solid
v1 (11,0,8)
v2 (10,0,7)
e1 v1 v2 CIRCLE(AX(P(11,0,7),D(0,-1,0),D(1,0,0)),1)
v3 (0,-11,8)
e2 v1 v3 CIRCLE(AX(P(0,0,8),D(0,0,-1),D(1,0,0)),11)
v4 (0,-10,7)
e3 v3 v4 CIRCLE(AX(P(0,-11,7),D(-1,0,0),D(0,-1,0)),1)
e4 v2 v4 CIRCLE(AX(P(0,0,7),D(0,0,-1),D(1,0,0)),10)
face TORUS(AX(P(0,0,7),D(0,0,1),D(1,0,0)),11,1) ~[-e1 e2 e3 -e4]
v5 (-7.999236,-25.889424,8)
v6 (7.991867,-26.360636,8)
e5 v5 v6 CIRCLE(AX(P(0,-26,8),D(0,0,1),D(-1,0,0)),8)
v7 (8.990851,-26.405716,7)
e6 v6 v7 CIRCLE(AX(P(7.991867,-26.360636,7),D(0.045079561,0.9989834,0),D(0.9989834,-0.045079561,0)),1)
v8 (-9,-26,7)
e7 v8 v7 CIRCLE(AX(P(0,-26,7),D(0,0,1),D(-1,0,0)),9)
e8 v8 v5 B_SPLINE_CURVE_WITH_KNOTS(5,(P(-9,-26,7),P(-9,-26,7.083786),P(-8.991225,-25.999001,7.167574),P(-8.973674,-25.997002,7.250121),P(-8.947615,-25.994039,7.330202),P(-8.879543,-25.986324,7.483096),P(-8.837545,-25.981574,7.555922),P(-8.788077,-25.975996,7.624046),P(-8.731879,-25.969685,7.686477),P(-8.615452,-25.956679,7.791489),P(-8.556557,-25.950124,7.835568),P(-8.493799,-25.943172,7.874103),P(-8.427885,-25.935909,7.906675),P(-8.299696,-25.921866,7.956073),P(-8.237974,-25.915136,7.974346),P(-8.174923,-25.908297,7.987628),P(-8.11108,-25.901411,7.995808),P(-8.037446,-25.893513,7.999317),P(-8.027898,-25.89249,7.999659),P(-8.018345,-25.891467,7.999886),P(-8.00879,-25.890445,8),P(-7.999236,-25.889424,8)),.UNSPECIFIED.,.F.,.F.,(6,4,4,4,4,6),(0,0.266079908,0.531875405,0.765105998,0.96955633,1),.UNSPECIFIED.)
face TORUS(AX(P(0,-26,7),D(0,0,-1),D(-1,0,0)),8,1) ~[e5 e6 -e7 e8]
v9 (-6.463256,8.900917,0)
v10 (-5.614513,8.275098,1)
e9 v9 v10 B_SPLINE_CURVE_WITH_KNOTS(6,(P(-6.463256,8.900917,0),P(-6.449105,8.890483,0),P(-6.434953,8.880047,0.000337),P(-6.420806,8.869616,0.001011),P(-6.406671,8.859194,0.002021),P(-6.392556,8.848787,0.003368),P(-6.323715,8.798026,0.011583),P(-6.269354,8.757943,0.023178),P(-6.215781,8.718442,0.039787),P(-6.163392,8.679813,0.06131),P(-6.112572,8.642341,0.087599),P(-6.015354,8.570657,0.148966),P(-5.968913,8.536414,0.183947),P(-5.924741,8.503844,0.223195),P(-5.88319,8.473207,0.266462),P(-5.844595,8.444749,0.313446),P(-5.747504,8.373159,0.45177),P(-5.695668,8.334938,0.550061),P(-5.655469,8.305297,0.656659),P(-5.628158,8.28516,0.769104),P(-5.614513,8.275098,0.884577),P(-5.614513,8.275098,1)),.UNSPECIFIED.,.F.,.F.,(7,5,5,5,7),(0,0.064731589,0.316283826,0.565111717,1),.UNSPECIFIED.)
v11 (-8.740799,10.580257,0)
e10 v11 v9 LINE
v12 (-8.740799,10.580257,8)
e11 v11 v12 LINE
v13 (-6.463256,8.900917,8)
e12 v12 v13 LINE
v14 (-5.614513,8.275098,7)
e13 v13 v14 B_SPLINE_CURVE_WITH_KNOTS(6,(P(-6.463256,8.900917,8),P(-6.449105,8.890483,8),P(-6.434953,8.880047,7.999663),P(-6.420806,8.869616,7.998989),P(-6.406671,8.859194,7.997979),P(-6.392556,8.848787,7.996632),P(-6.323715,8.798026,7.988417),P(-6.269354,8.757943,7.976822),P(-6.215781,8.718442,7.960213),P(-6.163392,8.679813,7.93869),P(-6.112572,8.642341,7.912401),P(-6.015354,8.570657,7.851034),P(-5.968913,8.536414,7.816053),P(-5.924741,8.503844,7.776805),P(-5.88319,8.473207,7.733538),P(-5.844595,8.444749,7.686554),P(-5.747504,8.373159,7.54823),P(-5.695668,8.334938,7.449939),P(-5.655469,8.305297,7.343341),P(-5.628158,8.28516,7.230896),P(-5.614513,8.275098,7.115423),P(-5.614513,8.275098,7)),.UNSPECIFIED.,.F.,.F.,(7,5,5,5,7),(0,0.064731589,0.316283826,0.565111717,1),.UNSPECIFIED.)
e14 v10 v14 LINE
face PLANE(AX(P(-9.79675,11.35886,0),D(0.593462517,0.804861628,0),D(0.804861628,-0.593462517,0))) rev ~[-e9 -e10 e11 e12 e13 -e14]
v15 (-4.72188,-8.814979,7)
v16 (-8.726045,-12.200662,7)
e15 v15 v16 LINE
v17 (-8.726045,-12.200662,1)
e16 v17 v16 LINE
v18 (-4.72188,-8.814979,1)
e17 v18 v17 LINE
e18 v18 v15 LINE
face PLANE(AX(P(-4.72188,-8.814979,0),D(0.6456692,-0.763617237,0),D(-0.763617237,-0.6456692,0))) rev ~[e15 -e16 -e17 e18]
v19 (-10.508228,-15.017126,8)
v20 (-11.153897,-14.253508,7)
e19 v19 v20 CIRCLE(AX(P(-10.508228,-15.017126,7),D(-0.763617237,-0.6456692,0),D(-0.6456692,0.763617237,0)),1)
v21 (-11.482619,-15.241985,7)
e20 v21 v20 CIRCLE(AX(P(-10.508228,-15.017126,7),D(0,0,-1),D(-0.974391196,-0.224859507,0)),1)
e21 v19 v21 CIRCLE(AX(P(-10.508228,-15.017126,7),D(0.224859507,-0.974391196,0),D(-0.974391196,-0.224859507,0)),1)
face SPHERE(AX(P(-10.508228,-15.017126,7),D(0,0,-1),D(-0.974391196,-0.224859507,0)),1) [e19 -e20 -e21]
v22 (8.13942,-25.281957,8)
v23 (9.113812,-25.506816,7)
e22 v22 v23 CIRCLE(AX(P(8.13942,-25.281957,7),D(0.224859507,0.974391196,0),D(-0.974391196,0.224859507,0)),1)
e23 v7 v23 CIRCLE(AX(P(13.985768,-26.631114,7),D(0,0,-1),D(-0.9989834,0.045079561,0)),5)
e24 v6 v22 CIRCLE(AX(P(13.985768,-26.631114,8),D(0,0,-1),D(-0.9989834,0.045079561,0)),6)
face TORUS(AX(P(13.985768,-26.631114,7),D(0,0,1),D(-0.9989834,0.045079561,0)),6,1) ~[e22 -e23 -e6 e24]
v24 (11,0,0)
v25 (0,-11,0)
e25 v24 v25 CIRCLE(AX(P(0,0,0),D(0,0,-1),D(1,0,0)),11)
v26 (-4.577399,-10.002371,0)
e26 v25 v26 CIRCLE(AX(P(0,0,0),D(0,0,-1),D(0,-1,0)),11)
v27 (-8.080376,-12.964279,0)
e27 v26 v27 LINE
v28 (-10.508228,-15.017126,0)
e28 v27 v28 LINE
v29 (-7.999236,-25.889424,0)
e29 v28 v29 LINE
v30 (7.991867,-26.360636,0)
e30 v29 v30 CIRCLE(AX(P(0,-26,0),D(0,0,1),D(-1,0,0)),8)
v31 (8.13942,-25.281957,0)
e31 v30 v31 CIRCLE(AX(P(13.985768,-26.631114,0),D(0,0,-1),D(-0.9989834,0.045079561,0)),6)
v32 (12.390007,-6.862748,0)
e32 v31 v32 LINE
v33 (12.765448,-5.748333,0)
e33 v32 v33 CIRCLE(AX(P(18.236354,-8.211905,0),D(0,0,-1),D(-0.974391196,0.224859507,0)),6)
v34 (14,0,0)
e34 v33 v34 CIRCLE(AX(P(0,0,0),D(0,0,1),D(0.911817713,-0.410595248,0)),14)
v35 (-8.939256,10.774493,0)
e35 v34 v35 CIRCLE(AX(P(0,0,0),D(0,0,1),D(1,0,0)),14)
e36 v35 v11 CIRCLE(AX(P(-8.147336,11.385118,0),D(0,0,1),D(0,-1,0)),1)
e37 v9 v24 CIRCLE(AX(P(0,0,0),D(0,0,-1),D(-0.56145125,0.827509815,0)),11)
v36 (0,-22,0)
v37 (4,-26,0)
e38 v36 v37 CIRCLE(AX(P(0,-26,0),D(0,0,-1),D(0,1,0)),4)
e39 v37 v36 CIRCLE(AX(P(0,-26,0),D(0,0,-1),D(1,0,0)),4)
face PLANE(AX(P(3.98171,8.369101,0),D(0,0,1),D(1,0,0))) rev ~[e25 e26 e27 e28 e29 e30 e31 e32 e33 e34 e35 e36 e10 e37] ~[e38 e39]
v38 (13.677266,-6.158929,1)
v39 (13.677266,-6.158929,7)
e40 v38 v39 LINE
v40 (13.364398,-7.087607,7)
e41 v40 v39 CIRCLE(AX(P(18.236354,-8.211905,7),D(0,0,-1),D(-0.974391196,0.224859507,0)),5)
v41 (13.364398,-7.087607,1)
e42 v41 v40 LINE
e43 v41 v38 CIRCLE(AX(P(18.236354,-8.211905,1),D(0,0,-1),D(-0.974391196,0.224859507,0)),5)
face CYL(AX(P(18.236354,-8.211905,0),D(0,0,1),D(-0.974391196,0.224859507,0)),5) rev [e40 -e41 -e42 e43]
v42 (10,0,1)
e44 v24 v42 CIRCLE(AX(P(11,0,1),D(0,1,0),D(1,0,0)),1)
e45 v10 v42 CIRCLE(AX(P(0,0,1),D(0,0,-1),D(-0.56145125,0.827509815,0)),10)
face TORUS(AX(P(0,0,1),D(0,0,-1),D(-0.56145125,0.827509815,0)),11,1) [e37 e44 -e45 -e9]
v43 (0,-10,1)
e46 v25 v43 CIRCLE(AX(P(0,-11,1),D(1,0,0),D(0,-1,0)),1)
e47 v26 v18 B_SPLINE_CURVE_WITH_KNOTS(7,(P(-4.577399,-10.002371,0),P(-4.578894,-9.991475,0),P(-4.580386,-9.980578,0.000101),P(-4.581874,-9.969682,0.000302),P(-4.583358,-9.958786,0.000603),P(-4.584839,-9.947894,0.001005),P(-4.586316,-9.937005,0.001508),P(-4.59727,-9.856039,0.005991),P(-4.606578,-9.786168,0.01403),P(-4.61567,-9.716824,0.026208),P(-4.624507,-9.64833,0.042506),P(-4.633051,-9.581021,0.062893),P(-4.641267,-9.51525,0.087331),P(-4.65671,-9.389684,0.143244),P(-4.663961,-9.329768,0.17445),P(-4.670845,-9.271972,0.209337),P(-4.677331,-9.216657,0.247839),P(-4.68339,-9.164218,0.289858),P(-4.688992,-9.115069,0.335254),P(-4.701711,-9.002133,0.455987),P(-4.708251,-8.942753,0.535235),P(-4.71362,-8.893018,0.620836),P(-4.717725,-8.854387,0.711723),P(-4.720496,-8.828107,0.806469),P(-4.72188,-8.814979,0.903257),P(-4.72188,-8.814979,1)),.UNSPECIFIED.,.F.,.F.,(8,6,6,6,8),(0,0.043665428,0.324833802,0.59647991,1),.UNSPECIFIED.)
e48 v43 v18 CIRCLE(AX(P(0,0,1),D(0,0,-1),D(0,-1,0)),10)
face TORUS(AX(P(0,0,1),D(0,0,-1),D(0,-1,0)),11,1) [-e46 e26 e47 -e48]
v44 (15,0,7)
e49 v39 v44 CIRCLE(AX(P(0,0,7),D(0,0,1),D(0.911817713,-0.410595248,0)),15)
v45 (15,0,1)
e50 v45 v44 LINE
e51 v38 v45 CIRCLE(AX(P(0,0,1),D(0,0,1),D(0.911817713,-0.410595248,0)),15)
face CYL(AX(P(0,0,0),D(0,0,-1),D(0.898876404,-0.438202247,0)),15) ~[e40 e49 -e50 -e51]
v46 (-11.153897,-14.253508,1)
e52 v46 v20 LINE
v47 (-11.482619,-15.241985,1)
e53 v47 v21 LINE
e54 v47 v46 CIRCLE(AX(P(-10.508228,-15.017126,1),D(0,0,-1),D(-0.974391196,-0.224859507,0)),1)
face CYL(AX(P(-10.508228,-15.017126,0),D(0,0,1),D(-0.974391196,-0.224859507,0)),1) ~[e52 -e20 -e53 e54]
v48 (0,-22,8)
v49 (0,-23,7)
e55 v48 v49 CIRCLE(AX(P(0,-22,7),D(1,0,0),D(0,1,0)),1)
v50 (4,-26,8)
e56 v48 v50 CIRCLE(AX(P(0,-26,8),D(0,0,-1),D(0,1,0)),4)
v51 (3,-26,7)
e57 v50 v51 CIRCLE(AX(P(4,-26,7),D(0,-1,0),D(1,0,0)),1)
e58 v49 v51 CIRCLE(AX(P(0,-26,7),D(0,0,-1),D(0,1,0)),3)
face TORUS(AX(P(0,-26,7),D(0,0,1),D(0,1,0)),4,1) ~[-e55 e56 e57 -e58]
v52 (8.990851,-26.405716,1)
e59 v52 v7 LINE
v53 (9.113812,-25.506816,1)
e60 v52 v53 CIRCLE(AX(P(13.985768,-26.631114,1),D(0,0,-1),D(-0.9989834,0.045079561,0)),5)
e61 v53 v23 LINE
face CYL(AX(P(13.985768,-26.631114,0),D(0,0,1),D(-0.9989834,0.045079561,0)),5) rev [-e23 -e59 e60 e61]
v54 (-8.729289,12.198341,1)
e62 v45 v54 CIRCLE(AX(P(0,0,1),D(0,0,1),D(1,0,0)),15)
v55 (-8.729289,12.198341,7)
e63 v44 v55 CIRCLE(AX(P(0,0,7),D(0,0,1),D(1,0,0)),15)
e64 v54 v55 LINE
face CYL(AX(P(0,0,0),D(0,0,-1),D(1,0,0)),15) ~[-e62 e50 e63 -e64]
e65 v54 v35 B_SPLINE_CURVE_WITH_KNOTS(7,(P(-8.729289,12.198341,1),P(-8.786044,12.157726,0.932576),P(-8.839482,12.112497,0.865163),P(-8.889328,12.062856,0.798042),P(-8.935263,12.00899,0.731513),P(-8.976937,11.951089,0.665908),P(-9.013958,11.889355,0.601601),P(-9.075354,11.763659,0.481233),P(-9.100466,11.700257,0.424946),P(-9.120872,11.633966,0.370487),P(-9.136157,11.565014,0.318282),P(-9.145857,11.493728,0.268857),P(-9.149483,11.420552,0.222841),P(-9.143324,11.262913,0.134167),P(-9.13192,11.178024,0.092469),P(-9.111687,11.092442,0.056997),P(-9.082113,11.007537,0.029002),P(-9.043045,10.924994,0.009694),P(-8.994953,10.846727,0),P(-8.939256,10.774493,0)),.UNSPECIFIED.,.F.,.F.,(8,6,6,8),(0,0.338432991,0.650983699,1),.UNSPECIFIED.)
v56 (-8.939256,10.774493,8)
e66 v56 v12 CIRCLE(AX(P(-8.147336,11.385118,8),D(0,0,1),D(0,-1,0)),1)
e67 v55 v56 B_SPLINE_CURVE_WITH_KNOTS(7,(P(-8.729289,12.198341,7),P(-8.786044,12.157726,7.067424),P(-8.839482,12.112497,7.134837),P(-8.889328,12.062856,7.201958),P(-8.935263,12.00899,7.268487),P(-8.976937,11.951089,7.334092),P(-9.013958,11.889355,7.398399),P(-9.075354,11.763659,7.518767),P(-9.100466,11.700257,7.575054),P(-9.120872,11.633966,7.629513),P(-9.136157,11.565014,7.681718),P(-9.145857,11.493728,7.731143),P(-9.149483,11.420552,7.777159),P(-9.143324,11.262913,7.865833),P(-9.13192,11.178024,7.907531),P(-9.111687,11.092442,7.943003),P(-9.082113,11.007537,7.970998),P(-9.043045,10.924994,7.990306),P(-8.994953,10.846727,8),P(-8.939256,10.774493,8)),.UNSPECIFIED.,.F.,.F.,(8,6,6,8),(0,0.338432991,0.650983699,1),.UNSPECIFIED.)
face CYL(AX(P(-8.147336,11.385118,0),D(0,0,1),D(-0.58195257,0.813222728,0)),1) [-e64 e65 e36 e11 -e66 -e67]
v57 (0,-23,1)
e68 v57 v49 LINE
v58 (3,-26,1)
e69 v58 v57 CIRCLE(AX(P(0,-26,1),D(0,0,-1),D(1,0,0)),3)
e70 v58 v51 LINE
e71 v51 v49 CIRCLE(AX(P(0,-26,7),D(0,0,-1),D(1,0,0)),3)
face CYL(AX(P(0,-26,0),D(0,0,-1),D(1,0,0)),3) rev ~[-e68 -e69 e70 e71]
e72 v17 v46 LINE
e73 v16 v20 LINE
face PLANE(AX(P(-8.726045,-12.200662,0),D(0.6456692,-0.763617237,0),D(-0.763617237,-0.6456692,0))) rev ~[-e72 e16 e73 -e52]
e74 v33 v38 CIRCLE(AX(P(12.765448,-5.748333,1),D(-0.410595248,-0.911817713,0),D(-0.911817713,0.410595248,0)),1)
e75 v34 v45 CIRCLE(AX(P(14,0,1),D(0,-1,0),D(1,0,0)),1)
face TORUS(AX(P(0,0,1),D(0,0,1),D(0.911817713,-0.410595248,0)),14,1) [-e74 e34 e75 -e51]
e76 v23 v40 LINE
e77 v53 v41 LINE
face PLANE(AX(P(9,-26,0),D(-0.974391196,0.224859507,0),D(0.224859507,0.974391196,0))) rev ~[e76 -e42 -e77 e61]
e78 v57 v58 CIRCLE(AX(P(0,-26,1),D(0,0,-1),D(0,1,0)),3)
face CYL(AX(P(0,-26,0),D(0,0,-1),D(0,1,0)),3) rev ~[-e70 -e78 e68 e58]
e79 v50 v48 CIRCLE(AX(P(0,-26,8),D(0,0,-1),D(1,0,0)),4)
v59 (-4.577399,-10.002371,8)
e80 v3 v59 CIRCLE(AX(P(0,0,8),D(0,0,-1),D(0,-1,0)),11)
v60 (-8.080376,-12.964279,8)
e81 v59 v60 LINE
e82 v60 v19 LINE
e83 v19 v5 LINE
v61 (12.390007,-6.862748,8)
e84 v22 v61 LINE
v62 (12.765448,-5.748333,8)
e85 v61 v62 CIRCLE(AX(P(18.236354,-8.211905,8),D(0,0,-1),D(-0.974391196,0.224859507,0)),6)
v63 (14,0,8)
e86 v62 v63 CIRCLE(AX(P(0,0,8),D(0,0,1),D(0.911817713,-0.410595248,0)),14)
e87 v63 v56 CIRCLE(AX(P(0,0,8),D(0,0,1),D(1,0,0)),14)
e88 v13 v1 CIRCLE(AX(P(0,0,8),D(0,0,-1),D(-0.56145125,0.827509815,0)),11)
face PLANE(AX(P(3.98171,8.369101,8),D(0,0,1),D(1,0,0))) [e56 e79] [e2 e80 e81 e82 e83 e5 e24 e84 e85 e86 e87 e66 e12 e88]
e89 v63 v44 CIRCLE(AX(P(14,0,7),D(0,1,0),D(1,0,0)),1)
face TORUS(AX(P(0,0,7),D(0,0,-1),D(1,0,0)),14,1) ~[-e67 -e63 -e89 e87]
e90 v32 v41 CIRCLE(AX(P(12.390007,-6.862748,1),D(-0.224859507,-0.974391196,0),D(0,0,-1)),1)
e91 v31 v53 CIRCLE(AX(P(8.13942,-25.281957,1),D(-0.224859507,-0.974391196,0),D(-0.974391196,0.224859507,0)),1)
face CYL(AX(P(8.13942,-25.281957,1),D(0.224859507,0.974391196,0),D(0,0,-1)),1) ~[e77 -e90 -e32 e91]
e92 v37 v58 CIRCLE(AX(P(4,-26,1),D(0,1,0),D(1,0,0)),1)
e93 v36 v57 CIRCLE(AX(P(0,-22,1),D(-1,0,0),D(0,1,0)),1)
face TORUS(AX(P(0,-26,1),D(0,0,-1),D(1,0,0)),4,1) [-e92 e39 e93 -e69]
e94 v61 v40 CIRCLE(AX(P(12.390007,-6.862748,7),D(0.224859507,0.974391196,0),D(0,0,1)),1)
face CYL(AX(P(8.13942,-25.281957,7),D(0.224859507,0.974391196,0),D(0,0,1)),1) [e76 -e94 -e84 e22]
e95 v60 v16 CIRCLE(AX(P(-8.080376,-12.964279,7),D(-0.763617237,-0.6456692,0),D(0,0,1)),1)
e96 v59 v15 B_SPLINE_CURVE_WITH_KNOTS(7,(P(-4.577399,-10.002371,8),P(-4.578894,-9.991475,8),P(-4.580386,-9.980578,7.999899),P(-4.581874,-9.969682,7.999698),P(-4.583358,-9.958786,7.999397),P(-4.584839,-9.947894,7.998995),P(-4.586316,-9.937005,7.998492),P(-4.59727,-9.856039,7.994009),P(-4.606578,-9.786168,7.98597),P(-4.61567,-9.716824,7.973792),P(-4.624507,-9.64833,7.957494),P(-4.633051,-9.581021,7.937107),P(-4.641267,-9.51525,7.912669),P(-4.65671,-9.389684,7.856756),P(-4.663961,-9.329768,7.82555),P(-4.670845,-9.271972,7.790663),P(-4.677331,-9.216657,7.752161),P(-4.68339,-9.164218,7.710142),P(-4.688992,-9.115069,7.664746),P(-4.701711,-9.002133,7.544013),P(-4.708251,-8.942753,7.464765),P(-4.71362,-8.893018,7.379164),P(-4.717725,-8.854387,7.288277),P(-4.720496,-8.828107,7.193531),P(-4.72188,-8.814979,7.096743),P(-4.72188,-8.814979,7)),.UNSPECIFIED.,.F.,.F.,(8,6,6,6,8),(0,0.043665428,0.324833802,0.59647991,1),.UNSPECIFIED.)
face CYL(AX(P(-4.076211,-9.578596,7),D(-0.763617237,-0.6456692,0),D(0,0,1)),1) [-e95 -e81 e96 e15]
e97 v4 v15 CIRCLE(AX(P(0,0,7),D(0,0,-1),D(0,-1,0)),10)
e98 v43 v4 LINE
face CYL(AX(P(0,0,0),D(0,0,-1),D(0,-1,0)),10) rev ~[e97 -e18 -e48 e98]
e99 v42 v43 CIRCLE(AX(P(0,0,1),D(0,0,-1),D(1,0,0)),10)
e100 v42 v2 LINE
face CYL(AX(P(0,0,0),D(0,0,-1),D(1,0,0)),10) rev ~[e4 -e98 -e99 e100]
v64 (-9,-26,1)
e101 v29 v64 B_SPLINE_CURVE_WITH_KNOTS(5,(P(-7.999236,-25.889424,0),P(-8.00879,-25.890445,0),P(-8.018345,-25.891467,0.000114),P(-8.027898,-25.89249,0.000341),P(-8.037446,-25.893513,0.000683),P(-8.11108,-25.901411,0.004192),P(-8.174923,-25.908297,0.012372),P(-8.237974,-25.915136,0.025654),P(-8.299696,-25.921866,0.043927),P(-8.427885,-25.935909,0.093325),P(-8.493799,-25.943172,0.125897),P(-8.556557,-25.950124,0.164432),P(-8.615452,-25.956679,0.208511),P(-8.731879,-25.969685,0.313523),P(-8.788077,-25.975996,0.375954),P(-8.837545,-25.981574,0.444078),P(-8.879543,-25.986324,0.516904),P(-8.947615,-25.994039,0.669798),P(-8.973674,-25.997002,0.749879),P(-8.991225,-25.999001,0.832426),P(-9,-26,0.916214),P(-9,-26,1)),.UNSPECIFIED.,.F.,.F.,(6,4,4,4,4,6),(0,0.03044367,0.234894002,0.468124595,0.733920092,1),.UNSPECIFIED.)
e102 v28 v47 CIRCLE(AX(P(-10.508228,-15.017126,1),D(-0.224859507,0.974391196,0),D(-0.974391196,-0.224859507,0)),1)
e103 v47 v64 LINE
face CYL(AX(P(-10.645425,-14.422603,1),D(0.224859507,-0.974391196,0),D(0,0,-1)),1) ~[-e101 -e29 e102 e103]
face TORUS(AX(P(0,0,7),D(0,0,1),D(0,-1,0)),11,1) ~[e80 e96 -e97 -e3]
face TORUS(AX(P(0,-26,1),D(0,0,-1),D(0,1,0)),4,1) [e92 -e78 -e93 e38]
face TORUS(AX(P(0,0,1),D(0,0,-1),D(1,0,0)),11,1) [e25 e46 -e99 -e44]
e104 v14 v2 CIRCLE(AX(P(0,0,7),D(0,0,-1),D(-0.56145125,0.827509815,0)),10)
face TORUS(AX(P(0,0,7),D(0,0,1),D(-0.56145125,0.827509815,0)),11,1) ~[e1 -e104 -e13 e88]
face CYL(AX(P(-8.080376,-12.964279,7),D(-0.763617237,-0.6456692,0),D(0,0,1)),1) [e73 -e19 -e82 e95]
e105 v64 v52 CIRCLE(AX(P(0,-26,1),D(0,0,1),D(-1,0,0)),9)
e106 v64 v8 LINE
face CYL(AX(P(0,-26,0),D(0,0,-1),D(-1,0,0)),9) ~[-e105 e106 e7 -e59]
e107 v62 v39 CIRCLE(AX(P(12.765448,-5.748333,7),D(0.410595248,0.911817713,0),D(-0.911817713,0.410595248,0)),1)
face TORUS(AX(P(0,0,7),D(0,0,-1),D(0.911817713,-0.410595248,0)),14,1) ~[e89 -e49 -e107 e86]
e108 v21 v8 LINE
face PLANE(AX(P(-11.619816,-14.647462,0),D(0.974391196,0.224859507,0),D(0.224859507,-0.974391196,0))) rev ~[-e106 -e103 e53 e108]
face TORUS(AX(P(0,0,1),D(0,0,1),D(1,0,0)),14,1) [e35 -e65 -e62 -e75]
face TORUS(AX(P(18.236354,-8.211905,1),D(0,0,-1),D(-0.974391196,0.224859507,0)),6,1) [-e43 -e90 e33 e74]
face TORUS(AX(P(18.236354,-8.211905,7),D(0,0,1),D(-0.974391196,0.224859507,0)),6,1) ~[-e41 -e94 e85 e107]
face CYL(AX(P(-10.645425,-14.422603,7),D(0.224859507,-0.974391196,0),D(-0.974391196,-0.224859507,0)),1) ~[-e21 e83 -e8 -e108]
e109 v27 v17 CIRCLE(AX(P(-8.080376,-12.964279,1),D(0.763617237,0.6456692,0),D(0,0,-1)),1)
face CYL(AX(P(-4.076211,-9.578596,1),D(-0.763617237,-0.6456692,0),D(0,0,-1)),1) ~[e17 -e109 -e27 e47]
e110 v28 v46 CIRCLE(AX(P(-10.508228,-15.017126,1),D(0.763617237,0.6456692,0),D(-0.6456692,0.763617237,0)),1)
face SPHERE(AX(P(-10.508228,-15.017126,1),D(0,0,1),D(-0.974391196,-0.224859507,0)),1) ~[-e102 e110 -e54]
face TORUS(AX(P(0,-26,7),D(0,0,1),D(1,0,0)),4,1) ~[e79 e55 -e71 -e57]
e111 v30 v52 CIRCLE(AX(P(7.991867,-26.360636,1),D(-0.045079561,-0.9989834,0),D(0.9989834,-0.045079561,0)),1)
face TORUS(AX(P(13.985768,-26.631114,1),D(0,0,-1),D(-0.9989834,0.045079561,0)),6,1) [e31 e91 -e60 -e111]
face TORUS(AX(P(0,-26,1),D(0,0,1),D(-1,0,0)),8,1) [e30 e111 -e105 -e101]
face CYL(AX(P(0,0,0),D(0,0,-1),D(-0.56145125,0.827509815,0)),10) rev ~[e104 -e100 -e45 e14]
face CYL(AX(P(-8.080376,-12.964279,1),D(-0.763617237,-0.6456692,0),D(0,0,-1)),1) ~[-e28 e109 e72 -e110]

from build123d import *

# Parameters (mm, degrees)
F1_DEPTH = 8
F2_R     = 5
F3_R     = 1


with BuildPart() as f1:
    # F0 (on Top) → F1 (new body)
    with BuildSketch(Plane.XY):
        with BuildLine():
            ThreePointArc((-5.6145125027, 8.2750981479), (4.6826741811, 8.8358679547), (10, 0))
            Line((10, 0), (15, 0))
            ThreePointArc((15, 0), (6.2469492559, 13.6372880366), (-9.7967499992, 11.3588595137))
            Line((-9.7967499992, 11.3588595137), (-5.6145125027, 8.2750981479))
        make_face()
        with BuildLine():
            Line((15, 0), (10, 0))
            ThreePointArc((10, 0), (7.0710678119, -7.0710678119), (0, -10))
            Line((0, -10), (0, -15))
            ThreePointArc((0, -15), (7.9499841, -12.7199745601), (13.4831460674, -6.5730337079))
            Line((13.4831460674, -6.5730337079), (15, 0))
        make_face()
        with BuildLine():
            ThreePointArc((13.4831460674, -6.5730337079), (7.9499841, -12.7199745601), (0, -15))
            Line((0, -15), (0, -17))
            ThreePointArc((0, -17), (6.3639610307, -19.6360389693), (9, -26))
            Line((9, -26), (13.4831460674, -6.5730337079))
        make_face()
        with BuildLine():
            ThreePointArc((9, -26), (6.3639610307, -19.6360389693), (0, -17))
            ThreePointArc((0, -17), (-6.3639610307, -19.6360389693), (-9, -26))
            ThreePointArc((-9, -26), (0, -35), (9, -26))
        make_face()
        with BuildLine():
            ThreePointArc((3, -26), (-2.1213203436, -28.1213203436), (0, -23))
            ThreePointArc((0, -23), (2.1213203436, -23.8786796564), (3, -26))
        make_face(mode=Mode.SUBTRACT)
        with BuildLine():
            Line((0, -17), (0, -15))
            ThreePointArc((0, -15), (-4.5820343187, -14.2830305433), (-8.7260448167, -12.2006615336))
            Line((-8.7260448167, -12.2006615336), (-11.6198164078, -14.6474622328))
            Line((-11.6198164078, -14.6474622328), (-9, -26))
            ThreePointArc((-9, -26), (-6.3639610307, -19.6360389693), (0, -17))
        make_face()
        with BuildLine():
            Line((0, -15), (0, -10))
            ThreePointArc((0, -10), (-2.434154238, -9.6992212649), (-4.7218801094, -8.8149786292))
            Line((-4.7218801094, -8.8149786292), (-8.7260448167, -12.2006615336))
            ThreePointArc((-8.7260448167, -12.2006615336), (-4.5820343187, -14.2830305433), (0, -15))
        make_face()
        with BuildLine():
            ThreePointArc((13.4831460674, -6.5730337079), (14.6158679354, -3.3728926005), (15, 0))
            Line((15, 0), (13.4831460674, -6.5730337079))
        make_face()
    extrude(amount=F1_DEPTH)

    # F2
    f2_edges = [f1.edges().sort_by_distance(p)[0] for p in [
        (13.483146, -6.573034, 4),
        (9, -26, 4),
    ]]
    fillet(f2_edges, radius=F2_R)

    # F3
    f3_edges = [f1.edges().sort_by_distance(p)[0] for p in [
        (-3, -26, 0),
        (-3, -26, 8),
        (9.986387, 0.521599, 8),
        (9.986387, 0.521599, 0),
        (-8.170848, -11.73122, 8),
        (-8.170848, -11.73122, 0),
        (-11.619816, -14.647462, 4),
        (-10.309908, -20.323731, 8),
        (-10.309908, -20.323731, 0),
        (-9.79675, 11.35886, 4),
        (8.971222, 12.02153, 0),
        (8.971222, 12.02153, 8),
    ]]
    fillet(f3_edges, radius=F3_R)


solid = f1.part
